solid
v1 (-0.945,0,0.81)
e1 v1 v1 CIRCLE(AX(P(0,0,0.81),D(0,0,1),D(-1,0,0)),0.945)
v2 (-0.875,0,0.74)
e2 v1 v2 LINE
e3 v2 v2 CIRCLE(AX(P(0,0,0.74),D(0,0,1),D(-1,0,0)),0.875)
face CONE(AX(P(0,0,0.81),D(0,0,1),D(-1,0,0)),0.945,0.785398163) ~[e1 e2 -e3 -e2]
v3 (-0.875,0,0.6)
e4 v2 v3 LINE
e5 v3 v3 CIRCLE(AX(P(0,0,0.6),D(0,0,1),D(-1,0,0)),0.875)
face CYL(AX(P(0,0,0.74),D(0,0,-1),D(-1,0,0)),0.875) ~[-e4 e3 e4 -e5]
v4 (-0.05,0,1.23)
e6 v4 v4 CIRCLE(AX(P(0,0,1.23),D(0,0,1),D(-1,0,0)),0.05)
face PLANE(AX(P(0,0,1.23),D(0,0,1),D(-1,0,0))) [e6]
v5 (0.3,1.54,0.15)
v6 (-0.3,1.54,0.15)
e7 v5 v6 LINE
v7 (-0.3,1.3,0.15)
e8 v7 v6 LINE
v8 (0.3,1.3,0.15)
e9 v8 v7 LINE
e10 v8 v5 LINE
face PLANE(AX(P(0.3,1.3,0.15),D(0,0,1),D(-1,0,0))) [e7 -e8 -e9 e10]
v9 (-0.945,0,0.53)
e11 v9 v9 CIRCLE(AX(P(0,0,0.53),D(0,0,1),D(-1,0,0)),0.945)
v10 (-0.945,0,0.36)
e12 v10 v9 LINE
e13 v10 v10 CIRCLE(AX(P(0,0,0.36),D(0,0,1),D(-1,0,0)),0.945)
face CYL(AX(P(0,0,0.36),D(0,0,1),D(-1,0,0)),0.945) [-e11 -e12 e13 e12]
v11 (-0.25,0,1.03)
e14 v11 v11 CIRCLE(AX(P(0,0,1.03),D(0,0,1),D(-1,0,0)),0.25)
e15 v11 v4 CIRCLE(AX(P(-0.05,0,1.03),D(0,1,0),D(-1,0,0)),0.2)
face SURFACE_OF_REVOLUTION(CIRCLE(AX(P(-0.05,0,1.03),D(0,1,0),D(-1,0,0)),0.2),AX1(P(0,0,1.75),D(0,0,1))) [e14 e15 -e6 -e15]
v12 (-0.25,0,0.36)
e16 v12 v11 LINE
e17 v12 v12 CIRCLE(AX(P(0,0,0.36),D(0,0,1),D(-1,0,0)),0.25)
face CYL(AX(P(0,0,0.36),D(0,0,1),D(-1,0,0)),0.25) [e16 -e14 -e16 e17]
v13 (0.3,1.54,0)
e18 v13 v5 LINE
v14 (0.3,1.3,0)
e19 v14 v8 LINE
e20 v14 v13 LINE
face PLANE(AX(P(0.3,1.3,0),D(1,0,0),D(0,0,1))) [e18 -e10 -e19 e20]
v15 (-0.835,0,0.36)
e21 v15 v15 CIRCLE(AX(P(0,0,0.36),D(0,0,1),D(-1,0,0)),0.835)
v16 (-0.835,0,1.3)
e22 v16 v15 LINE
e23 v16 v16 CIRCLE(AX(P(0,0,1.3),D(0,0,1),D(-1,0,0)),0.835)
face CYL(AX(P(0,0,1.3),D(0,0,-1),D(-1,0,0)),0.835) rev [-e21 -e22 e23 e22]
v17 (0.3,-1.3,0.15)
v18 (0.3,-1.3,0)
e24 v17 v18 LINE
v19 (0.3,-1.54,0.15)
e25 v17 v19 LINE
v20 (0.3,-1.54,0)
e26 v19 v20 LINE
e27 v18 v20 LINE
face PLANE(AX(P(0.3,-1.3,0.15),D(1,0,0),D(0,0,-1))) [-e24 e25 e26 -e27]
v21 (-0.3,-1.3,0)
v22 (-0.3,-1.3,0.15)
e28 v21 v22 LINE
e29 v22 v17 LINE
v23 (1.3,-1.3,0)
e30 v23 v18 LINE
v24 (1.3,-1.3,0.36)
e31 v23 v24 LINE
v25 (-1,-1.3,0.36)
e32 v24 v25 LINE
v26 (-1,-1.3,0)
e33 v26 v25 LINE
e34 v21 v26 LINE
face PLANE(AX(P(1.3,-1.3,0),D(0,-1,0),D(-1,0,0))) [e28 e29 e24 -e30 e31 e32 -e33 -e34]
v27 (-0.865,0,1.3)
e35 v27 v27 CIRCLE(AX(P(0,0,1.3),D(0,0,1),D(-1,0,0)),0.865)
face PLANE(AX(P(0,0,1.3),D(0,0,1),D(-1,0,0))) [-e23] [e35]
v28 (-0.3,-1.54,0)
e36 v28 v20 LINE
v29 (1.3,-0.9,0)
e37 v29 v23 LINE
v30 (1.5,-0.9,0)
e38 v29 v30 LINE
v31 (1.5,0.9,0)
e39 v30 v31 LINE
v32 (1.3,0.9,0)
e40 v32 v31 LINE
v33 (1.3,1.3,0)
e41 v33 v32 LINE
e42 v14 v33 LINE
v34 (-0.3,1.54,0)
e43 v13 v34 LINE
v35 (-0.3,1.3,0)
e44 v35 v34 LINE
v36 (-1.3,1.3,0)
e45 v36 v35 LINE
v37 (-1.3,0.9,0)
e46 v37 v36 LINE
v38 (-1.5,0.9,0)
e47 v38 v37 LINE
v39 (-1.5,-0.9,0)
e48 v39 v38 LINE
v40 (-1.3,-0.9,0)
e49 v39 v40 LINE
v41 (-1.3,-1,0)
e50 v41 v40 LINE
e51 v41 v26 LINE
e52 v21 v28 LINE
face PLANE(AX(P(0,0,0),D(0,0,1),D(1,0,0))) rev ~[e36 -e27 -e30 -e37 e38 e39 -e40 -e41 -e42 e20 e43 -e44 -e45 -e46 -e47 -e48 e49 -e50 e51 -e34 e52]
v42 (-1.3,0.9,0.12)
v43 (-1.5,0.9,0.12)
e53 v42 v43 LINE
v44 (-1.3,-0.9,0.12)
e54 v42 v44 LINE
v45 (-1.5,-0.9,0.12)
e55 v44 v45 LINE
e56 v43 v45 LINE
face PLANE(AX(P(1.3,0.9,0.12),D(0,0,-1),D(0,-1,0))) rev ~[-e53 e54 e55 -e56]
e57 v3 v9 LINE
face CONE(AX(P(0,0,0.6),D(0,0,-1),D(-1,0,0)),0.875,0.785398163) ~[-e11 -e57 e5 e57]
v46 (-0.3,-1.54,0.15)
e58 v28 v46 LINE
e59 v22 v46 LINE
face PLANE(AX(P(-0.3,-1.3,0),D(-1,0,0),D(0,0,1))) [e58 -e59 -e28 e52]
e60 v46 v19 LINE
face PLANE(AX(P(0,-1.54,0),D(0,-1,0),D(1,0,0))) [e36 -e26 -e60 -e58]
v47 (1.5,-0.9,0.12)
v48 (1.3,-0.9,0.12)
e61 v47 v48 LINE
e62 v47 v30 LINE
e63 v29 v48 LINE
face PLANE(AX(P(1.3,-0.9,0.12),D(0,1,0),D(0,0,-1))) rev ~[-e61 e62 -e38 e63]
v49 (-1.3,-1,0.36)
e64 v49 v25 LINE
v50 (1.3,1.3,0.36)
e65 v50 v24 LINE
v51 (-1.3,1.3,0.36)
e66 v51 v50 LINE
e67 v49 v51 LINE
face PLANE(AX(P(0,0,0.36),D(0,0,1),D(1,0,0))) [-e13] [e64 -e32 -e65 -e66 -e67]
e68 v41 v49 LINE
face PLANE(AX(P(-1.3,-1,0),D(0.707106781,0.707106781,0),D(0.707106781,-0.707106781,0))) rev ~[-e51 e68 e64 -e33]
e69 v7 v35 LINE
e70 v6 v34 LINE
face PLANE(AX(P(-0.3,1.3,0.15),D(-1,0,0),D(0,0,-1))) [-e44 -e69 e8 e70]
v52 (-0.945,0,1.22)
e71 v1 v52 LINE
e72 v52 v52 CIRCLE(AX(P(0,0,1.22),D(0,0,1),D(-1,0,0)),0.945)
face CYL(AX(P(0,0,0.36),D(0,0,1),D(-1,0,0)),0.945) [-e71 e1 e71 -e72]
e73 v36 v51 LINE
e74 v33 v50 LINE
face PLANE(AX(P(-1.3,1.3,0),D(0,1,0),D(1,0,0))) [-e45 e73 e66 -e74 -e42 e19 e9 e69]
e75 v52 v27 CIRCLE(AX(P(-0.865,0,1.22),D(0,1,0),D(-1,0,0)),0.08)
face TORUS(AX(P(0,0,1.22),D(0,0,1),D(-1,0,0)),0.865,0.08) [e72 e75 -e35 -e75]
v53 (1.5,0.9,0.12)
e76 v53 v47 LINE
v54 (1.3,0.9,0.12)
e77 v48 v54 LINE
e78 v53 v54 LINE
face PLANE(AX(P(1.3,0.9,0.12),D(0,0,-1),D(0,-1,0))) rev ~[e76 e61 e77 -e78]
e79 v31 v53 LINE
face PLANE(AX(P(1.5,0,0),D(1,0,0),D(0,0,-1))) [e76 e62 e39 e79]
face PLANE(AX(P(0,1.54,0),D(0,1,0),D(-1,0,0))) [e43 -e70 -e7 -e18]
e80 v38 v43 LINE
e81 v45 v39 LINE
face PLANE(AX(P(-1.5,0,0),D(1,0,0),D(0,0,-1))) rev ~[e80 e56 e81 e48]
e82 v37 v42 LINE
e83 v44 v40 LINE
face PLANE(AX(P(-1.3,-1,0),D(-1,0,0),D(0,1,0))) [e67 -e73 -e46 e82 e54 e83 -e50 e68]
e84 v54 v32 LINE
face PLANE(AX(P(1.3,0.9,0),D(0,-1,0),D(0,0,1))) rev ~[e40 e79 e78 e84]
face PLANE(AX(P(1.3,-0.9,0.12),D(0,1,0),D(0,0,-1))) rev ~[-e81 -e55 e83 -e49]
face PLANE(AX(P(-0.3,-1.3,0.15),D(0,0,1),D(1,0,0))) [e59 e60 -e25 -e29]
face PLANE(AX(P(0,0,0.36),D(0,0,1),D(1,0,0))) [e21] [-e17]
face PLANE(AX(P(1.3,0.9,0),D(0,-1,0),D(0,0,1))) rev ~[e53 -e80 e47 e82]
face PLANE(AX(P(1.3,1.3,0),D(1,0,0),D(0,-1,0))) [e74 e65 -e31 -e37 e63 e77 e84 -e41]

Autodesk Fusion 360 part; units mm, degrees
sketch "Sketch1" plane through (0, 0, 0) normal (0, 0, 1) x (1, 0, 0)
  line L0 (-1.3, 1.3) -> (1.3, 1.3)
  line L1 (1.3, 1.3) -> (1.3, -1.3)
  line L2 (1.3, -1.3) -> (-1.3, -1.3)
  line L3 (-1.3, -1.3) -> (-1.3, 1.3)
  line L4 (-1.3, -1) -> (-1, -1.3)
  line L5 (-1.3, -1) -> (-0.9678, -1) construction
  dimension "d1" = 2.6
  dimension "d2" = 2.6
  dimension "d3" = 1.3
  dimension "d4" = 1.3
  dimension "d5" = 45
  dimension "d7" = 1
extrude "Extrude1" add sketch "Sketch1" along normal blind 0.36 contours L0 L1 L2 L3 L4
sketch "Sketch2" plane through (0, 1.3, 0) normal (0, 1, 0) x (-1, 0, 0)
  line L0 (-1.3, 0) -> (1.3, 0)
  line L1 (1.3, 0) -> (1.3, 0.36)
  line L2 (1.3, 0.36) -> (-1.3, 0.36)
  line L3 (-1.3, 0.36) -> (-1.3, 0)
  line L4 (-0.3, 0.15) -> (0.3, 0.15)
  line L5 (0.3, 0.15) -> (0.3, 0)
  line L6 (0.3, 0) -> (-0.3, 0)
  line L7 (-0.3, 0) -> (-0.3, 0.15)
  dimension "d10" = 0.6
  dimension "d11" = 0.3
  dimension "d12" = 0.15
extrude "Extrude2" add sketch "Sketch2" along normal blind 0.24 contours L0 L4 L5 L6 L7
sketch "Sketch3" plane through (0, -1.3, 0) normal (0, -1, 0) x (1, 0, 0)
  line L0 (-1, 0) -> (1.3, 0)
  line L1 (1.3, 0) -> (1.3, 0.36)
  line L2 (1.3, 0.36) -> (-1, 0.36)
  line L3 (-1, 0.36) -> (-1, 0)
  line L4 (-0.3, 0.15) -> (0.3, 0.15)
  line L5 (0.3, 0.15) -> (0.3, 0)
  line L6 (0.3, 0) -> (-0.3, 0)
  line L7 (-0.3, 0) -> (-0.3, 0.15)
  dimension "d15" = 0.6
  dimension "d16" = 0.3
  dimension "d17" = 0.15
extrude "Extrude3" add sketch "Sketch3" along normal blind 0.24 contours L0 L4 L5 L6 L7
sketch "Sketch4" plane through (1.3, 0, 0) normal (1, 0, 0) x (0, 0, -1)
  line L0 (0, -1.3) -> (0, 1.3)
  line L1 (0, 1.3) -> (-0.36, 1.3)
  line L2 (-0.36, 1.3) -> (-0.36, -1.3)
  line L3 (-0.36, -1.3) -> (0, -1.3)
  line L4 (-0.12, -0.9) -> (0, -0.9)
  line L5 (0, -0.9) -> (0, 0.9)
  line L6 (0, 0.9) -> (-0.12, 0.9)
  line L7 (-0.12, 0.9) -> (-0.12, -0.9)
  dimension "d20" = 1.8
  dimension "d21" = 0.9
  dimension "d22" = 0.12
extrude "Extrude4" add sketch "Sketch4" along normal blind 0.2 and the other way blind 2.8 contours L0 L4 L5 L6 L7
sketch "Sketch5" plane through (0, 0, 0) normal (0, 1, 0) x (1, 0, 0)
  line L0 (-0.945, -0.36) -> (-0.945, -1.22)
  line L1 (-0.865, -1.3) -> (-0.835, -1.3)
  line L2 (-0.835, -1.3) -> (-0.835, -0.36)
  line L3 (-1, -0.36) -> (1.3, -0.36)
  line L4 (-0.945, -0.81) -> (-0.875, -0.74)
  line L5 (-0.875, -0.74) -> (-0.875, -0.6)
  line L6 (-0.875, -0.6) -> (-0.945, -0.53)
  arc A0 (-0.945, -1.22) -> (-0.865, -1.3) centre (-0.865, -1.22) ccw
  line L7 (-0.05, -1.23) -> (0, -1.23)
  line L8 (0, -1.23) -> (0, -0.36)
  line L9 (0, -0.36) -> (-0.25, -0.36)
  line L10 (-0.25, -0.36) -> (-0.25, -1.03)
  arc A1 (-0.25, -1.03) -> (-0.05, -1.23) centre (-0.05, -1.03) ccw
  point P0 (-0.25, -1.23)
  dimension "d27" = 0.94
  dimension "d28" = 0.11
  dimension "d29" = 0.28
  dimension "d30" = 0.49
  dimension "d31" = 135
  dimension "d32" = 0.14
  dimension "d33" = 0.945
  dimension "d34" = 0.08
  dimension "d35" = 1.23
  dimension "d36" = 0.25
  dimension "d37" = 0.25
  dimension "d38" = 0.2
revolve "Revolve1" add sketch "Sketch5" angle 360 about axis through (0, 0, 1.75) along (0, 0, 1) contours L0 L1 L2 L3 L4 L5 L6 A0 | L3 L7 L8 L9 L10 A1
equation "d3 = d1 / 2"
equation "d4 = d2 / 2"
equation "d11 = d10 / 2"
equation "d16 = d15 / 2"
equation "d21 = d20 / 2"
equation "d33 = 1 mm - d28 / 2"
